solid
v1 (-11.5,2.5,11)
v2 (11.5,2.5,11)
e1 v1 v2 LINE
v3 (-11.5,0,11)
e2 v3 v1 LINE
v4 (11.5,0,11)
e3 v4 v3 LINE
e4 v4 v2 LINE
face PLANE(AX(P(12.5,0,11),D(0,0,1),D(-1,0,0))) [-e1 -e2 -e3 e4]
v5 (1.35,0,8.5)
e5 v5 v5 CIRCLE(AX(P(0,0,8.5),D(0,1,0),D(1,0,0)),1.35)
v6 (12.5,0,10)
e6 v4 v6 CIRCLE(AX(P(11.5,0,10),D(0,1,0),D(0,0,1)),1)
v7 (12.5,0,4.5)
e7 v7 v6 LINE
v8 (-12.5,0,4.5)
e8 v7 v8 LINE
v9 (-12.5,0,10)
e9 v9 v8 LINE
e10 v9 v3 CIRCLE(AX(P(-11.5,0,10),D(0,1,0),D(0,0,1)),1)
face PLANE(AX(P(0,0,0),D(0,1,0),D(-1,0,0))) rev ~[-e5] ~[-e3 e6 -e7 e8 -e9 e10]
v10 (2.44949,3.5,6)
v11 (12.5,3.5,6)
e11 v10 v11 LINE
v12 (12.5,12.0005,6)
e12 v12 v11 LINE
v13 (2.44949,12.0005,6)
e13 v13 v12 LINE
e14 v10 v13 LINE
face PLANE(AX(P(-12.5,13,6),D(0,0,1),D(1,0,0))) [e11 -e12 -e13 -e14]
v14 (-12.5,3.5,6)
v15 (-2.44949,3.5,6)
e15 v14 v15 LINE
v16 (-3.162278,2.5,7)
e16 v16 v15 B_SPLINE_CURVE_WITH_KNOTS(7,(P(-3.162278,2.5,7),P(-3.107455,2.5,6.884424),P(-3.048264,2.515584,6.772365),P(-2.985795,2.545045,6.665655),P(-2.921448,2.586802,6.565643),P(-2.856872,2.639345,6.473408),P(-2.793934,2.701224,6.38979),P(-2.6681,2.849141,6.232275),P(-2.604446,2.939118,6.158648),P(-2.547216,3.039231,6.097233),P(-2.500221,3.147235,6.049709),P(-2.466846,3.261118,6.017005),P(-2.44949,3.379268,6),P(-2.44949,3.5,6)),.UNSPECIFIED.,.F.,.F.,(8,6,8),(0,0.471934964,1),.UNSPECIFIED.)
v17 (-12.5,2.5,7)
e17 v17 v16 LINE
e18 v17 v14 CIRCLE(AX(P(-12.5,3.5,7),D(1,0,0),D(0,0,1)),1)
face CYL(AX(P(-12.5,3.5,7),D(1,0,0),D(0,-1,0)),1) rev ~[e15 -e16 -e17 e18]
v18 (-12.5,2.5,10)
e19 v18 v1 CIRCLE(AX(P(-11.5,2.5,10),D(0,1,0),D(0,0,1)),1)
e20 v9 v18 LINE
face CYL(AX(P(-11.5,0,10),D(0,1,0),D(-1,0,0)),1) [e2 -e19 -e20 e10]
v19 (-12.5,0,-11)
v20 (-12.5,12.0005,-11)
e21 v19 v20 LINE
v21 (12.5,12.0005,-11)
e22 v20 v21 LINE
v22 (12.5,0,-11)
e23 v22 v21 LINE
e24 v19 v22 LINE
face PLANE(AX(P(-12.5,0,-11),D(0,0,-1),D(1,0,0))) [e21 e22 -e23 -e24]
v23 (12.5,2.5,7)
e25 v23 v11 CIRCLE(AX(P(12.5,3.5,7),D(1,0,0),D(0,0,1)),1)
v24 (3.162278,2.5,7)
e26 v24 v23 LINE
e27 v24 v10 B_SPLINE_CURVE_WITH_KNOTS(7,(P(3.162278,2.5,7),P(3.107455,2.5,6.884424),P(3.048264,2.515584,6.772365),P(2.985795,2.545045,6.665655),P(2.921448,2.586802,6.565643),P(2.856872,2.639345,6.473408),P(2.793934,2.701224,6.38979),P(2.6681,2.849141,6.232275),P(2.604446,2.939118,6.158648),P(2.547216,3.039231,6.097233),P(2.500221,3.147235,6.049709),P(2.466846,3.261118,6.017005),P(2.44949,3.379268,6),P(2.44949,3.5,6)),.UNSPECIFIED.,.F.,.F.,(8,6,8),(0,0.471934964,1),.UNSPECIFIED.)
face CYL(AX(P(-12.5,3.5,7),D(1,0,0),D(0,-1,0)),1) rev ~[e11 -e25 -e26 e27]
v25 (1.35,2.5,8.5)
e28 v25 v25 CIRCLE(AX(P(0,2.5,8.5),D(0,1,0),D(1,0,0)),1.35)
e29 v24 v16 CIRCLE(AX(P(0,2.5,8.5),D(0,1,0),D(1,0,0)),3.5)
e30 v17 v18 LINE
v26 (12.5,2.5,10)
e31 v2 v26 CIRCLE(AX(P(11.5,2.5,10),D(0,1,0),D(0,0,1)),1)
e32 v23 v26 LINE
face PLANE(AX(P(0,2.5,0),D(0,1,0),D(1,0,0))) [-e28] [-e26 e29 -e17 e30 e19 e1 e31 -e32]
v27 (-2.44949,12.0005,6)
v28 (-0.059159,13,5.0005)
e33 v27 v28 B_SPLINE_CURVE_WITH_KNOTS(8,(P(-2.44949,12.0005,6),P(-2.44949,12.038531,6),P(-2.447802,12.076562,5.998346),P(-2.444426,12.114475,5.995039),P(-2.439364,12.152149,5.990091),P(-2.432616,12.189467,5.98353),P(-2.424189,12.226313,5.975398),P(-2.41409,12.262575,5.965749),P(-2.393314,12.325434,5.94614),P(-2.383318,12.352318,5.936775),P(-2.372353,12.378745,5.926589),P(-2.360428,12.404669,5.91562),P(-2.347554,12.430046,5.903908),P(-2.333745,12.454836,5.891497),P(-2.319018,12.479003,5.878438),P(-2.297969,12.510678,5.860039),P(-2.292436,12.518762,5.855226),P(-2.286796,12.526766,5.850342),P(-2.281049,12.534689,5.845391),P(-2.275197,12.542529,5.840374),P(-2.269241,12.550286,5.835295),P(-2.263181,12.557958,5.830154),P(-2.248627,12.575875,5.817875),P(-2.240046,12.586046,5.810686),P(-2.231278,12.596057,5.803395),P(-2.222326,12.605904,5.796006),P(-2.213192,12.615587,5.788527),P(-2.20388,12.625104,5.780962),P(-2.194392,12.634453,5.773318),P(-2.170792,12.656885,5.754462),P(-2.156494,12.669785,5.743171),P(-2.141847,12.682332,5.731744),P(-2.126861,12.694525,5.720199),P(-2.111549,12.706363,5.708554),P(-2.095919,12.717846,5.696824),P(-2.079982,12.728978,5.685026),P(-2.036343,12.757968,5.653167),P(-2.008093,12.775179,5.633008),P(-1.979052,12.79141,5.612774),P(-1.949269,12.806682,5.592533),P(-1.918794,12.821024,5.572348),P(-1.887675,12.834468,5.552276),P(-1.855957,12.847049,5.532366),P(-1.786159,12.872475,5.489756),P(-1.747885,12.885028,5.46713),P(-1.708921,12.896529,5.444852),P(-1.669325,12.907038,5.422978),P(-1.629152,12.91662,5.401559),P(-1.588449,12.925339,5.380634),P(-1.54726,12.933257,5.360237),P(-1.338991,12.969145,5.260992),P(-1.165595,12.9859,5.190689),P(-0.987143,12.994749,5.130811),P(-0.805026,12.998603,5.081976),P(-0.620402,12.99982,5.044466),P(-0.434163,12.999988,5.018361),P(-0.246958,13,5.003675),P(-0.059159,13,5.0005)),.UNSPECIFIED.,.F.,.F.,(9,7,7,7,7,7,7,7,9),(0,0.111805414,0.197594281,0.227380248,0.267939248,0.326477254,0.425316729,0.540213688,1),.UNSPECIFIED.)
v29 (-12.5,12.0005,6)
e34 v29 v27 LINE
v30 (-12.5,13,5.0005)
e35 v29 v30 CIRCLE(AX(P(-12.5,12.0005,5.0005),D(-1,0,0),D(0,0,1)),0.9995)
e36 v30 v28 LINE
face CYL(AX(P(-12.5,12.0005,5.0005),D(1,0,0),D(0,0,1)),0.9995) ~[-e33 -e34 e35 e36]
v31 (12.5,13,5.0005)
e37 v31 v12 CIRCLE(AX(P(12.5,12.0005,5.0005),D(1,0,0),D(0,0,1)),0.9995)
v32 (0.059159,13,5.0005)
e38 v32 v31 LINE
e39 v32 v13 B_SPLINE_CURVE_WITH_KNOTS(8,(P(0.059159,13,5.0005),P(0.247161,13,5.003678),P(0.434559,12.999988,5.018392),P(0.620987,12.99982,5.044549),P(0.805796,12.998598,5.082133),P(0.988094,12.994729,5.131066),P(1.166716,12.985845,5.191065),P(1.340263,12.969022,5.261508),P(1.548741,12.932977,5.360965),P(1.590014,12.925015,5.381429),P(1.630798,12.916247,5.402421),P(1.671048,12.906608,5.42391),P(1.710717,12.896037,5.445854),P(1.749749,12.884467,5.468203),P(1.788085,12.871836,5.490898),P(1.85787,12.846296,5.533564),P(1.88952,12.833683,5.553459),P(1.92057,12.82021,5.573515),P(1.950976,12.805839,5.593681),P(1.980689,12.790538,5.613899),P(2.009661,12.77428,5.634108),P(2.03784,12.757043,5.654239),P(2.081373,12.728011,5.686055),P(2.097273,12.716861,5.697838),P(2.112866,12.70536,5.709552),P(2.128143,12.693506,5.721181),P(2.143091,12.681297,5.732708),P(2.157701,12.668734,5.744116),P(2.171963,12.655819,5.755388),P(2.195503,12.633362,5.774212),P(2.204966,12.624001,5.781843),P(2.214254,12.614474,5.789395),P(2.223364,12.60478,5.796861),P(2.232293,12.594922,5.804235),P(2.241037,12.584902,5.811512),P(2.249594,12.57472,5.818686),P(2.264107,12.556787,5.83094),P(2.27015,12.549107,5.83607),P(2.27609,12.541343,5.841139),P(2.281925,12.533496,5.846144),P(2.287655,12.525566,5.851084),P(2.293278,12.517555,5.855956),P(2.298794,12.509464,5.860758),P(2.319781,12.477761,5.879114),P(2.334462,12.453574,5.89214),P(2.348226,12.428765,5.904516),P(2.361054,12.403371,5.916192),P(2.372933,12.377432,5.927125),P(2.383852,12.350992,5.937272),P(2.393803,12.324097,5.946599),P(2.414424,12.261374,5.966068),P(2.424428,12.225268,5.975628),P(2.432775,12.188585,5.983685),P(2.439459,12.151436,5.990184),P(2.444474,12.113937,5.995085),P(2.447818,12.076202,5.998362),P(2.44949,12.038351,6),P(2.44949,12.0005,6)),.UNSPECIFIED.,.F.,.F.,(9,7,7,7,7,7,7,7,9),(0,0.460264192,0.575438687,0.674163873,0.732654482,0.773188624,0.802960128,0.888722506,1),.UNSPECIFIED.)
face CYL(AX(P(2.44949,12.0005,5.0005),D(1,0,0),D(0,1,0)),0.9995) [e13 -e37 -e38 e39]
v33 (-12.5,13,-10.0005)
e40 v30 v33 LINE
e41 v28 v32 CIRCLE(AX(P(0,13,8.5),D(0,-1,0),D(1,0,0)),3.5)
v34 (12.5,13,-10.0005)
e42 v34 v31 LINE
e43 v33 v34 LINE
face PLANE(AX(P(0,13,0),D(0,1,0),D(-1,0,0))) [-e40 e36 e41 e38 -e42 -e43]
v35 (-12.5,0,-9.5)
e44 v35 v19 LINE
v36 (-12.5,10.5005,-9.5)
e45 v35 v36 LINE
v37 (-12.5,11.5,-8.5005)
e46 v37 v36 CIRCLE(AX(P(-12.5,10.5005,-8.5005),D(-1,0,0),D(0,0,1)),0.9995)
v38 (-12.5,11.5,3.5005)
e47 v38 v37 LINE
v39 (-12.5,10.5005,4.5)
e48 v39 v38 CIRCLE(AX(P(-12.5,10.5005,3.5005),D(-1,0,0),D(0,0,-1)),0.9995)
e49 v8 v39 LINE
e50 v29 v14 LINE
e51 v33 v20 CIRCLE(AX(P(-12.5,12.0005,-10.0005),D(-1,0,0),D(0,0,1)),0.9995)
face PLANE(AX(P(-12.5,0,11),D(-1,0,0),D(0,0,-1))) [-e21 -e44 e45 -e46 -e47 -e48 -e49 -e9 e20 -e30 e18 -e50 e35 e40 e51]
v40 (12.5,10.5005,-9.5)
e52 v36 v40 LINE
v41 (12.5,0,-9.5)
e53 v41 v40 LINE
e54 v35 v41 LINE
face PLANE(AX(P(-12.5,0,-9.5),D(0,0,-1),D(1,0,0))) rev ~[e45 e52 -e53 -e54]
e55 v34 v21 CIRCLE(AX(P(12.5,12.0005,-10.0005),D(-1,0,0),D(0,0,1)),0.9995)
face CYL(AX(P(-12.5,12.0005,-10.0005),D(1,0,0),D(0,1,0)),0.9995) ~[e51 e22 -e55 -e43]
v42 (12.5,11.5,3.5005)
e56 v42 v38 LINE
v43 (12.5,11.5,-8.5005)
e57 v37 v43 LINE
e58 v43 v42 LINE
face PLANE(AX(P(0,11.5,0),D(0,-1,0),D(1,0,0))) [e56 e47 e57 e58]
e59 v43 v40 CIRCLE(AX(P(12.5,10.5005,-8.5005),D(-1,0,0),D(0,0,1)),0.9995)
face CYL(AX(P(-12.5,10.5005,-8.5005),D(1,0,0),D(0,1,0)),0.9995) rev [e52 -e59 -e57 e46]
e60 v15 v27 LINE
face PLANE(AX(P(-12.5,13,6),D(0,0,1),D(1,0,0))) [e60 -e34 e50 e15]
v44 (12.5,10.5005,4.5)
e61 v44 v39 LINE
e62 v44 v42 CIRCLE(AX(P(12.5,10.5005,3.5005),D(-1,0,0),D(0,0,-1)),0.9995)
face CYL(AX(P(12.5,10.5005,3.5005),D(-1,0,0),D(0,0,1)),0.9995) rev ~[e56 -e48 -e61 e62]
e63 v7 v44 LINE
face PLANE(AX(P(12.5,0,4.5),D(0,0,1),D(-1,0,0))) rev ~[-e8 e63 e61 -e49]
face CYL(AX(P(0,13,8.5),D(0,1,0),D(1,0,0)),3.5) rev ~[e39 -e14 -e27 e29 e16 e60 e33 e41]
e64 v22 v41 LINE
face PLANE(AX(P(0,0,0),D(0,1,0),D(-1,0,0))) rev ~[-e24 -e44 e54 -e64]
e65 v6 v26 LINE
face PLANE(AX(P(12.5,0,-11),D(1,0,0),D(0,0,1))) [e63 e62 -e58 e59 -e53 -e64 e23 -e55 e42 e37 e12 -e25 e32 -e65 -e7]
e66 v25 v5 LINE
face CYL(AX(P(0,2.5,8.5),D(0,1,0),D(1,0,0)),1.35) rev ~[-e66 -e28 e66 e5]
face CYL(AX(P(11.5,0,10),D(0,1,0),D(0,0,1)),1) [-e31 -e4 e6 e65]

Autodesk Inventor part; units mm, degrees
ref_plane "YZ Plane" through (0, 0, 0) normal (1, 0, 0) x (0, 1, 0)
ref_plane "XZ Plane" through (0, 0, 0) normal (0, 1, 0) x (-1, 0, 0)
ref_plane "XY Plane" through (0, 0, 0) normal (0, 0, 1) x (1, 0, 0)
sketch "Esquisse1" plane through (0, 0, 0) normal (0, 1, 0) x (-1, 0, 0)
  line L0 (-12.5, 11) -> (12.5, 11)
  line L1 (12.5, 11) -> (12.5, -11)
  line L2 (12.5, -11) -> (-12.5, -11)
  line L3 (-12.5, -11) -> (-12.5, 11)
  point P0 (0, 0)
  dimension "d0" = 25
  dimension "d1" = 22
  dimension "d2" = 11
  dimension "d3" = 12.5
extrude "Extrusion1" add sketch "Esquisse1" along normal blind 13
sketch "Esquisse2" plane through (0, 13, 0) normal (0, 1, 0) x (1, 0, 0)
  line L0 (-12.5, 11) -> (-12.5, -11) projected
  line L1 (-12.5, -6) -> (12.5, -6)
  line L2 (12.5, -6) -> (12.5, -11)
  line L3 (12.5, -11) -> (-12.5, -11)
  line L4 (-12.5, -11) -> (-12.5, -6)
  point P0 (0, 0)
  dimension "d6" = 5
extrude "Extrusion3" cut sketch "Esquisse2" against normal blind 10.5
fillet "Congé2" radius 1 1 edges at (0, 2.5, 6)
sketch "Esquisse4" plane through (0, 13, 0) normal (0, 1, 0) x (1, 0, 0)
  circle A0 centre (0, -8.5) radius 3.5
  line L0 (12.5, -11) -> (-12.5, -11) projected
  point P0 (12.5, -6)
  point P1 (0, 0)
  dimension "d11" = 7
  dimension "d12" = 2.5
  dimension "d13" = 5
extrude "Extrusion4" cut sketch "Esquisse4" against normal blind 10.5
sketch "Esquisse6" plane through (0, 0, 0) normal (0, -1, 0) x (1, 0, 0)
  line L0 (-12.5, 11) -> (-12.5, -11) projected
  line L1 (-12.5, -11) -> (12.5, -11) projected
  line L2 (12.5, -11) -> (12.5, 11) projected
  line L3 (-12.5, -9.5) -> (12.5, -9.5)
  line L4 (12.5, -9.5) -> (12.5, 4.5)
  line L5 (12.5, 4.5) -> (-12.5, 4.5)
  line L6 (-12.5, 4.5) -> (-12.5, -9.5)
  point P0 (0, 0)
  dimension "d17" = 0
  dimension "d18" = 0
  dimension "d19" = 1.5
  dimension "d20" = 6.5
extrude "Extrusion5" cut sketch "Esquisse6" against normal blind 11.5 contours L5 L2 L3 L0
fillet "Congé3" radius 1 2 edges at (-12.5, 1.25, 11) (12.5, 1.25, 11)
fillet "Congé4" radius 1 5 edges at (0, 11.5, -9.5) (0, 13, -11) (0, 11.5, 4.5) (-7.4747, 13, 6) (7.4747, 13, 6)
sketch "Esquisse7" plane through (0, 2.5, 0) normal (0, 1, 0) x (1, 0, 0)
  arc A0 (3.1623, -7) -> (-3.1623, -7) centre (0, -8.5) ccw projected
  circle A1 centre (0, -8.5) radius 1.35
  point P0 (0, 0)
  dimension "d27" = 2.7
extrude "Extrusion6" cut sketch "Esquisse7" against normal through all
equation "\"d2\" = 0.5 * d1"
equation "\"d3\" = 0.5 * d0"
equation "\"d12\" = 0.5 * d13"
properties part number "capot" material "Plastique ABS"
